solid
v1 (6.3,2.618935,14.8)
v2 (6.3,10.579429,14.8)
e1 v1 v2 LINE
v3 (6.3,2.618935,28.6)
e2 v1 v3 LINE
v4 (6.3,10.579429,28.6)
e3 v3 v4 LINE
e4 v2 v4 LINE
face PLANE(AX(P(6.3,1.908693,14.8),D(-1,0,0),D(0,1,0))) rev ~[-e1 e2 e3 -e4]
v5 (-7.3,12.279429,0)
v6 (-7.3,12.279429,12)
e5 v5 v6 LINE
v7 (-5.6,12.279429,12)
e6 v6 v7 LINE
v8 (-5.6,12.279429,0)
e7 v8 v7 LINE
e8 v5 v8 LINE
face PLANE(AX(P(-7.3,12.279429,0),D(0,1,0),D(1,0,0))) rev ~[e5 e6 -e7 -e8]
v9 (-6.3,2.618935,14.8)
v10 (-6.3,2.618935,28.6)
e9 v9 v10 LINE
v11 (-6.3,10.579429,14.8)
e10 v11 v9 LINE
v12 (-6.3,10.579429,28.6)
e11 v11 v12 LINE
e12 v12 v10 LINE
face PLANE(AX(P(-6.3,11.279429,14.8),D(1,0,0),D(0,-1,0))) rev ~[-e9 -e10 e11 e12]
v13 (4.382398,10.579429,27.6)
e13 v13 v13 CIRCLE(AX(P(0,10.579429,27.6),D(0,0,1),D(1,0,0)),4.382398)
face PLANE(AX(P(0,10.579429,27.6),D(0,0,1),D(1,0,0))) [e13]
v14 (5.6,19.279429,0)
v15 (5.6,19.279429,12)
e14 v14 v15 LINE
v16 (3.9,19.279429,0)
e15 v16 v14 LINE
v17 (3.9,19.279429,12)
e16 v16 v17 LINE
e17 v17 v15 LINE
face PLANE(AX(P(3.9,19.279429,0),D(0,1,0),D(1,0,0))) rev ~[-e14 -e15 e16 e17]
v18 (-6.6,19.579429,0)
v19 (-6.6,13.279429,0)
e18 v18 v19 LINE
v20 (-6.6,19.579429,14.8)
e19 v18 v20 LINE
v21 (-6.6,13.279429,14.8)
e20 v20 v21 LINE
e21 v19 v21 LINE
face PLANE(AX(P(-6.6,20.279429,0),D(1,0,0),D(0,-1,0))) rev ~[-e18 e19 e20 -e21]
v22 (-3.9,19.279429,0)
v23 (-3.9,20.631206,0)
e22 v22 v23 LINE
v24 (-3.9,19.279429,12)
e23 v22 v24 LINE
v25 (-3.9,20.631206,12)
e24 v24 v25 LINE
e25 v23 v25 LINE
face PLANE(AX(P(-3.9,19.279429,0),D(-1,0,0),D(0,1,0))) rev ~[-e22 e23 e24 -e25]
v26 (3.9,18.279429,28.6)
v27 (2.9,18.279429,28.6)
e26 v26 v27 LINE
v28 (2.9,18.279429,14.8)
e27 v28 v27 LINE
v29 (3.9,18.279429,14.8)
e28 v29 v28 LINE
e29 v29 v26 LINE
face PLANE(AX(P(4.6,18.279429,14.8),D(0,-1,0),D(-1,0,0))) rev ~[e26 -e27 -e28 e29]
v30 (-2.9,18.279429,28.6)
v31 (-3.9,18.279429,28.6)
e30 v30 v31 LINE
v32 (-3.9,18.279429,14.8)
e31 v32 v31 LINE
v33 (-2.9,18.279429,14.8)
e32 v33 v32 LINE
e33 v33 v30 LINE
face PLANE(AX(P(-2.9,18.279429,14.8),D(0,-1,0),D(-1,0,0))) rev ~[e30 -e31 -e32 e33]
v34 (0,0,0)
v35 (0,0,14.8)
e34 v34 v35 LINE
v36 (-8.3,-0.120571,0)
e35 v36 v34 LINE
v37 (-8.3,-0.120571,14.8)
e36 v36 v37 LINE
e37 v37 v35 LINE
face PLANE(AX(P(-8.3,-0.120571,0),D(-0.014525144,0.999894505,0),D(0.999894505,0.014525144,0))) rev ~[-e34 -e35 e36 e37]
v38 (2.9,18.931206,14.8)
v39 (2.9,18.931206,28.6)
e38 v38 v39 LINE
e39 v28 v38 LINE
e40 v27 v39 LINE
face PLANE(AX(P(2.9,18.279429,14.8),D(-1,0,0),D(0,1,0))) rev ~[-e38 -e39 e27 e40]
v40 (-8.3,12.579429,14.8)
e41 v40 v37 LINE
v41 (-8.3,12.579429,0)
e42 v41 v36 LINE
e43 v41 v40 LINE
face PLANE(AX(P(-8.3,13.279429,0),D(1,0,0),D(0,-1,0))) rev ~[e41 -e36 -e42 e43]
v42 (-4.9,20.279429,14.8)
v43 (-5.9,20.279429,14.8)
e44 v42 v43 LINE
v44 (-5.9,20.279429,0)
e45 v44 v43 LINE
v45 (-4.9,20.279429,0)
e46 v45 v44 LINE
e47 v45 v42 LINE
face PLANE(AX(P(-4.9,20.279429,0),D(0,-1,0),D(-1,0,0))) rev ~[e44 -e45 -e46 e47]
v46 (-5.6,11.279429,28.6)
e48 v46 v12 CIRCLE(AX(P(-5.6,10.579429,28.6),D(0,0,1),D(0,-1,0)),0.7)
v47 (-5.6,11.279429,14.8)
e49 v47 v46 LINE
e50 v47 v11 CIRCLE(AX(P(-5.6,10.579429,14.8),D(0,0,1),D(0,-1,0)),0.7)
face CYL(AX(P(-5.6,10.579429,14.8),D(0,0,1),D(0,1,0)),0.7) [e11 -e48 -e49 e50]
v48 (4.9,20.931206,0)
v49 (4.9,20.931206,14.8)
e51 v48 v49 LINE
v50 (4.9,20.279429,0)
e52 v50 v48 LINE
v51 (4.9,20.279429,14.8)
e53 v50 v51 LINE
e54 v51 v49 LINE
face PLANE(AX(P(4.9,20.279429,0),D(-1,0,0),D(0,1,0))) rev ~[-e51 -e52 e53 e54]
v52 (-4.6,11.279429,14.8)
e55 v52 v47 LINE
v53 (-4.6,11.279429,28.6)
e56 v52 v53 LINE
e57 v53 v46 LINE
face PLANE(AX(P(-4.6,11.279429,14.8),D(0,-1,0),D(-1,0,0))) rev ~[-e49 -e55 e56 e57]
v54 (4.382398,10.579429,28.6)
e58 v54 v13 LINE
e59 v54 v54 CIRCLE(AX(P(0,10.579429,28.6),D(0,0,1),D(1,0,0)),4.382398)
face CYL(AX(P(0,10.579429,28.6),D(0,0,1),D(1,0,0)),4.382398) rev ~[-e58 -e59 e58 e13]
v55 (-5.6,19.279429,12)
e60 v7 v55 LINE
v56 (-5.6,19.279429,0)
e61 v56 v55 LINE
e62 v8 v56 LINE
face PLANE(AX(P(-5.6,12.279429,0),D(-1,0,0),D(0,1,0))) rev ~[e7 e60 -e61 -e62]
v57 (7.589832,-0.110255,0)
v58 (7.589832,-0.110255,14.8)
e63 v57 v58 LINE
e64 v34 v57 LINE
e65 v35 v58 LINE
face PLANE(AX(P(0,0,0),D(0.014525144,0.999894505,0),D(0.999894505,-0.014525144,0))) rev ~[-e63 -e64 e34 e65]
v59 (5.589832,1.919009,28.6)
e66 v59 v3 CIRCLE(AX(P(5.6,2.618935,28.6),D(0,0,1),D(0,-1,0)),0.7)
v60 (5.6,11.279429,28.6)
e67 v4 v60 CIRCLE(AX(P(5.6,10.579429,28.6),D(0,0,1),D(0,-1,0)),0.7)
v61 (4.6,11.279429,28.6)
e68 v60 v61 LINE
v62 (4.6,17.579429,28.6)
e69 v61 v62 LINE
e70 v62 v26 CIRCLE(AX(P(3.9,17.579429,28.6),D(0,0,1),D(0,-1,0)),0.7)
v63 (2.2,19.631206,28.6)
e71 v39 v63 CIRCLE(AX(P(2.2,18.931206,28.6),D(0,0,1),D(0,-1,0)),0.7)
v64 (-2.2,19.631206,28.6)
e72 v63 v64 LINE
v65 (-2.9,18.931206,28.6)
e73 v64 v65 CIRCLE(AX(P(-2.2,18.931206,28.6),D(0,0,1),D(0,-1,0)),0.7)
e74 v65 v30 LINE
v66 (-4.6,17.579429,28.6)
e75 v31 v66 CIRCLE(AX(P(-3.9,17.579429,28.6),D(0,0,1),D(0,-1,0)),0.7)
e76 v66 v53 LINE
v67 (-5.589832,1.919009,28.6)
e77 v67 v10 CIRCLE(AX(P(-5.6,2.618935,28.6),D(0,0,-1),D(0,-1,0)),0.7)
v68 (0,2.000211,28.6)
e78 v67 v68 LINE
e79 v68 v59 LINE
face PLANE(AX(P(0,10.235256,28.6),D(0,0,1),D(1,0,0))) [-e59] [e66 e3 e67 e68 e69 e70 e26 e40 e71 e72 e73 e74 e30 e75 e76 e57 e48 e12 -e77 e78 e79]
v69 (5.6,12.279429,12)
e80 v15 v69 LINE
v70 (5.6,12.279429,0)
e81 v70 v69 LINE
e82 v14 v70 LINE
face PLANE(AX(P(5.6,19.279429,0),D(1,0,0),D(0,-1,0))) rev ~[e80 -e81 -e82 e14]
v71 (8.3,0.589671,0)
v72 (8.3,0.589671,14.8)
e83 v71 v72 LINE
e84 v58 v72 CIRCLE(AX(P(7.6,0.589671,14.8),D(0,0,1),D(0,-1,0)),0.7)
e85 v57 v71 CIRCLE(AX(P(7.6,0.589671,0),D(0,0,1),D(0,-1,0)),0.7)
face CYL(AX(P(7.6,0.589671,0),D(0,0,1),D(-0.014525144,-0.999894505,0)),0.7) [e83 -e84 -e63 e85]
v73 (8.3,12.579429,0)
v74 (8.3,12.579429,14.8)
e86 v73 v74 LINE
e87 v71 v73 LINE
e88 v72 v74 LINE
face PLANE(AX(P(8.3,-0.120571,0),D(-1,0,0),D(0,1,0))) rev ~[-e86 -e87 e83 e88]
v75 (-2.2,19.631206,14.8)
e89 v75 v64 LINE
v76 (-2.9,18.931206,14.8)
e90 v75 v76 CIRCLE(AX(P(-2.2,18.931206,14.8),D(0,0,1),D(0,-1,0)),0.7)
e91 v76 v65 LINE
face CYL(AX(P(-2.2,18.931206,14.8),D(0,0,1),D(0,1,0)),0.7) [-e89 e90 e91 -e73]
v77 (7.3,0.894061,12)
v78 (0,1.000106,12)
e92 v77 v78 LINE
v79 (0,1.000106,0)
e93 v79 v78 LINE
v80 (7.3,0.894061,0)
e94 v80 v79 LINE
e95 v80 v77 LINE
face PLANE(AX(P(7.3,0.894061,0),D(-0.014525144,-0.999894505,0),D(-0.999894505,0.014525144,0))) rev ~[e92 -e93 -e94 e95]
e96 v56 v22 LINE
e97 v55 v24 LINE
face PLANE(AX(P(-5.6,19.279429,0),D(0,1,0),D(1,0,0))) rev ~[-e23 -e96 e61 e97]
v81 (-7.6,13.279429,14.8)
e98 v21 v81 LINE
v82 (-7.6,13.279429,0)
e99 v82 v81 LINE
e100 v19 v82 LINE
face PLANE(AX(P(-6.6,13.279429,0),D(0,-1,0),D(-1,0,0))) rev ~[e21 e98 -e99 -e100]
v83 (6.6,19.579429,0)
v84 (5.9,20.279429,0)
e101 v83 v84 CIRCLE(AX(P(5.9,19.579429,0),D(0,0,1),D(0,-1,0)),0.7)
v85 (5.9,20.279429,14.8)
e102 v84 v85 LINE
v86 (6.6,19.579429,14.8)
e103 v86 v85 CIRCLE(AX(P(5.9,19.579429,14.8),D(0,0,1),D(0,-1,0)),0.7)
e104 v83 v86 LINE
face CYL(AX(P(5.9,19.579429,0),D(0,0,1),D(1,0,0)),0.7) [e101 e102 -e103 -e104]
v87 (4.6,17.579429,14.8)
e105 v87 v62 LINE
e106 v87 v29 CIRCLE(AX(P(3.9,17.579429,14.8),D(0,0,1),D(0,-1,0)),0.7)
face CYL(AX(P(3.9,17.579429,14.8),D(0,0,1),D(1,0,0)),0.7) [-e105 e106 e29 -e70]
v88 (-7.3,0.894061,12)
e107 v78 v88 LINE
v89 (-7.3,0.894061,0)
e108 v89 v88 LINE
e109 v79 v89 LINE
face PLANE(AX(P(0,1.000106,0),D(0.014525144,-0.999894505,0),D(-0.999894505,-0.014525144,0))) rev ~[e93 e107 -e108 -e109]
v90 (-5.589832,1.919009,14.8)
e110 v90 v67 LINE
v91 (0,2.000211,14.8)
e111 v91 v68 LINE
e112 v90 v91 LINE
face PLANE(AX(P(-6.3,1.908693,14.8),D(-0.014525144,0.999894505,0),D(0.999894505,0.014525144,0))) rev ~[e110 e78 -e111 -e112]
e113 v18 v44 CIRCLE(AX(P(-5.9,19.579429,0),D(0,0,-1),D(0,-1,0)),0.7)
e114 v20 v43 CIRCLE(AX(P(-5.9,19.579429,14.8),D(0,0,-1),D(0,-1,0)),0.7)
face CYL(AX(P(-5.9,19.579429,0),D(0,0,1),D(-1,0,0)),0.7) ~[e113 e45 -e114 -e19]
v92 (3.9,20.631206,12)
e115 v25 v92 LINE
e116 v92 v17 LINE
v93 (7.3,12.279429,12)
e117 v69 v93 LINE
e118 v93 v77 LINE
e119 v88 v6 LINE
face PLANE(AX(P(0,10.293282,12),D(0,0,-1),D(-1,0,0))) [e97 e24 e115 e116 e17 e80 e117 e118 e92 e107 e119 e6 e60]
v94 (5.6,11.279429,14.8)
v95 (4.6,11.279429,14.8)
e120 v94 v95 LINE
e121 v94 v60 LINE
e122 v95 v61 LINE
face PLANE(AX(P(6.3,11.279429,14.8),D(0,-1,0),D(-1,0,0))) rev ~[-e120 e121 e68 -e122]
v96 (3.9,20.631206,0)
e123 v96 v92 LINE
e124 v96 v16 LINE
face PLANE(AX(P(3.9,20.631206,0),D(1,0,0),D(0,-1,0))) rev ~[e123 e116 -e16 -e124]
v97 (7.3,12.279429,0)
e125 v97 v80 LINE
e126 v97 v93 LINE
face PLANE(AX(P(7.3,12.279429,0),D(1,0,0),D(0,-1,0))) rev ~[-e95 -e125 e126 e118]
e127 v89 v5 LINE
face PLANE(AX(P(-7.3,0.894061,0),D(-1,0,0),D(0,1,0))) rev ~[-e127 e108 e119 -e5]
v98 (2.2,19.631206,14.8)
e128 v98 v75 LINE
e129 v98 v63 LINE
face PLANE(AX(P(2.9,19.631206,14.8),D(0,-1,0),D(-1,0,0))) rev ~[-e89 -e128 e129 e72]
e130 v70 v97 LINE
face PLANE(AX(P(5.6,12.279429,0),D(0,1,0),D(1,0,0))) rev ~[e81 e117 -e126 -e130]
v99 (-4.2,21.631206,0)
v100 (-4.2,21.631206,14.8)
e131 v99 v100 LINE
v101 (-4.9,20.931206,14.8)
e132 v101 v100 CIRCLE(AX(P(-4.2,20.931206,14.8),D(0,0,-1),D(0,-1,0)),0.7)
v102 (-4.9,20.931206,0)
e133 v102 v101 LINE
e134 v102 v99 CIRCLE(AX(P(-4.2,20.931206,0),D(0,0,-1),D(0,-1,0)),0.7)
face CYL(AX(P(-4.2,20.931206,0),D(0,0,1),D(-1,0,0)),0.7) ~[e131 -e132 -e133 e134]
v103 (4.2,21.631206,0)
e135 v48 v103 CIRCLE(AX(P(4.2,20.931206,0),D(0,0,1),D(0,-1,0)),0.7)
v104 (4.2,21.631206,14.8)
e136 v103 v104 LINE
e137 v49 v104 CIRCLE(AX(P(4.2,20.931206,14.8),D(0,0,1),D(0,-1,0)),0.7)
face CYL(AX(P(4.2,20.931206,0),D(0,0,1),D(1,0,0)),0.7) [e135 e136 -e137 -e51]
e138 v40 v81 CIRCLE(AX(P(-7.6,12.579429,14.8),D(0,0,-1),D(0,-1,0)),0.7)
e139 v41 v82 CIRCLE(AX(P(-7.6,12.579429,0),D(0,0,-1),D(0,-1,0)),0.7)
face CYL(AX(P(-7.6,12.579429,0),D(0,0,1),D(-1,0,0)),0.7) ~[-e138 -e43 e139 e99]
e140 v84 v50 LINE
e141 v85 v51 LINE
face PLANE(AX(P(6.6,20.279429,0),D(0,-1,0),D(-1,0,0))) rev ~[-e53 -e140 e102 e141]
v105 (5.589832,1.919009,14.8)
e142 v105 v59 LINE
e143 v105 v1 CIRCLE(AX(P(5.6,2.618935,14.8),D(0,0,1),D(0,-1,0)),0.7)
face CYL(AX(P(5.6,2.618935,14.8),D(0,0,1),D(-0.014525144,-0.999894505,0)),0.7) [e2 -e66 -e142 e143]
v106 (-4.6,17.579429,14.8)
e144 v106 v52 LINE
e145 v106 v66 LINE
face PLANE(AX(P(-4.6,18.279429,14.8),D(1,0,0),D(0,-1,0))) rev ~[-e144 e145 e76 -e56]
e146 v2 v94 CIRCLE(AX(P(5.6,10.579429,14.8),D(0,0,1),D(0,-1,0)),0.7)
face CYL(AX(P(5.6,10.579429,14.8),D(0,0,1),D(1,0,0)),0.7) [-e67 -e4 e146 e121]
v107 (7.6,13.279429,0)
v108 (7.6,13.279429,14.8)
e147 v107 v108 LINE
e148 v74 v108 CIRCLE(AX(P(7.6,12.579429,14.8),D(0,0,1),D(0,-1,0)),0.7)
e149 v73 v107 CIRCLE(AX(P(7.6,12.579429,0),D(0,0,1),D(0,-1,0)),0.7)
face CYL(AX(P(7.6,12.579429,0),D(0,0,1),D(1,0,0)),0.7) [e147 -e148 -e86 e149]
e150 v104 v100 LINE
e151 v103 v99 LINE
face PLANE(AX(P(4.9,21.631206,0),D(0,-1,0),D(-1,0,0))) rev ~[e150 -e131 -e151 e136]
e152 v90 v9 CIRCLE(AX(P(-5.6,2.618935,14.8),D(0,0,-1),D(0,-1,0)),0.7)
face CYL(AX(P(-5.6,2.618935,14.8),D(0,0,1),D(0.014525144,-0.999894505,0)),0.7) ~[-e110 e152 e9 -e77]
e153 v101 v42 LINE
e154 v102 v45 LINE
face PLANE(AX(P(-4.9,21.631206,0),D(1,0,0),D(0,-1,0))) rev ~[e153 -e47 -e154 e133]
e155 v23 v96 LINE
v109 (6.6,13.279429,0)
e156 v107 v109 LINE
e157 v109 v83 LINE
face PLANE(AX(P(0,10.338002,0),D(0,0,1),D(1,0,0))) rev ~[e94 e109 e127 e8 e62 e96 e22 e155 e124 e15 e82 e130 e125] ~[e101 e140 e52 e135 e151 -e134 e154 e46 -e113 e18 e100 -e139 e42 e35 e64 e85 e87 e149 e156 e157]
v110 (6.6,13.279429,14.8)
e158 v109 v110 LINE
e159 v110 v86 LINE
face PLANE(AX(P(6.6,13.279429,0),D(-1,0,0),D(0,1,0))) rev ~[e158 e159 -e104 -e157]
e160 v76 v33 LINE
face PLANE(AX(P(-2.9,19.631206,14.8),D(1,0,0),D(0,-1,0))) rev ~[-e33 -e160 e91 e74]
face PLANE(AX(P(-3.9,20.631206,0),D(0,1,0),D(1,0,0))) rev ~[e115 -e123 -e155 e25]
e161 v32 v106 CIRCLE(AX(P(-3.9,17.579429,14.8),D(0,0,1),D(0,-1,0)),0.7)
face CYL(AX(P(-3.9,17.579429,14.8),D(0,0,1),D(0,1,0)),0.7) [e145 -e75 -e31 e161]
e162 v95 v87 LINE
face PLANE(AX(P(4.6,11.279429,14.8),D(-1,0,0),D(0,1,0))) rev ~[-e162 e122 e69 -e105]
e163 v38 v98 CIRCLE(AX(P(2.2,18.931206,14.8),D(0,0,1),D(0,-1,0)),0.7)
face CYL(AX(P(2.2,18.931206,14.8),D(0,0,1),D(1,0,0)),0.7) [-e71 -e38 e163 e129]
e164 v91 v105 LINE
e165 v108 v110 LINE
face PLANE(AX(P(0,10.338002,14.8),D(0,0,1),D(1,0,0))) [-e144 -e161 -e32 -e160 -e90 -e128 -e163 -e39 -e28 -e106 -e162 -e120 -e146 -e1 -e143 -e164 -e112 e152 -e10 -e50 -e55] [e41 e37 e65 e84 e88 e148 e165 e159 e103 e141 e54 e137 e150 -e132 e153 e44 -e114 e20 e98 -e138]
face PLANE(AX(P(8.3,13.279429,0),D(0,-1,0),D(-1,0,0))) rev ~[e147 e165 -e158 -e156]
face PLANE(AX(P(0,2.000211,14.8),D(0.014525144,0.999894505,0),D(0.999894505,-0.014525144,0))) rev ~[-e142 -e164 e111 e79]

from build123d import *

# Parameters (mm, degrees)
EXTRUDE_1_DEPTH     = 14.8
EXTRUDE_2_DEPTH     = 13.8
CUT_EXTRUDE_1_DEPTH = 12
FILLET_1_R          = 0.7
SKETCH_4_R          = 4.382397862
CUT_EXTRUDE_2_DEPTH = 1


with BuildPart() as part:
    # ｽｹｯﾁ1 → ﾎﾞｽ - 押し出し1 (new body)
    with BuildSketch(Plane.XY):
        Polygon((0, 0), (8.3, -0.120571415), (8.3, 13.279428585), (6.6, 13.279428585), (6.6, 20.279428585), (4.9, 20.279428585), (4.9, 21.63120639), (-4.9, 21.63120639), (-4.9, 20.279428585), (-6.6, 20.279428585), (-6.6, 13.279428585), (-8.3, 13.279428585), (-8.3, -0.120571415), align=None)
    extrude(amount=EXTRUDE_1_DEPTH)

    # ｽｹｯﾁ2 → ﾎﾞｽ - 押し出し2 (add)
    with BuildSketch(Plane.XY.offset(14.8)):
        Polygon((-6.3, 1.908692951), (0, 2.000211013), (6.3, 1.908692951), (6.3, 11.279428585), (4.6, 11.279428585), (4.6, 18.279428585), (2.9, 18.279428585), (2.9, 19.63120639), (-2.9, 19.63120639), (-2.9, 18.279428585), (-4.6, 18.279428585), (-4.6, 11.279428585), (-6.3, 11.279428585), align=None)
    extrude(amount=EXTRUDE_2_DEPTH)

    # ｽｹｯﾁ3 → ｶｯﾄ - 押し出し1 (cut)
    with BuildSketch(Plane(origin=(0, 0, 0), x_dir=(-1, 0, 0), z_dir=(0, 0, -1))):
        Polygon((0, 1.000105507), (7.3, 0.894060768), (7.3, 12.279428585), (5.6, 12.279428585), (5.6, 19.279428585), (3.9, 19.279428585), (3.9, 20.63120639), (-3.9, 20.63120639), (-3.9, 19.279428585), (-5.6, 19.279428585), (-5.6, 12.279428585), (-7.3, 12.279428585), (-7.3, 0.894060768), align=None)
    extrude(amount=-CUT_EXTRUDE_1_DEPTH, mode=Mode.SUBTRACT)

    # ﾌｨﾚｯﾄ1
    fillet_1_edges = [part.edges().sort_by_distance(p)[0] for p in [
        (-8.3, 13.279428585, 7.4),
        (-6.6, 20.279428585, 7.4),
        (-4.9, 21.63120639, 7.4),
        (4.9, 21.63120639, 7.4),
        (6.6, 20.279428585, 7.4),
        (8.3, 13.279428585, 7.4),
        (8.3, -0.120571415, 7.4),
        (-6.3, 11.279428585, 21.7),
        (-6.3, 1.908692951, 21.7),
        (6.3, 1.908692951, 21.7),
        (6.3, 11.279428585, 21.7),
        (4.6, 18.279428585, 21.7),
        (2.9, 19.63120639, 21.7),
        (-2.9, 19.63120639, 21.7),
        (-4.6, 18.279428585, 21.7),
    ]]
    fillet(fillet_1_edges, radius=FILLET_1_R)

    # ｽｹｯﾁ4 → ｶｯﾄ - 押し出し2 (cut)
    with BuildSketch(Plane.XY.offset(28.6)):
        with Locations((0, 10.579428585)):
            Circle(SKETCH_4_R)
    extrude(amount=-CUT_EXTRUDE_2_DEPTH, mode=Mode.SUBTRACT)


solid = part.part
